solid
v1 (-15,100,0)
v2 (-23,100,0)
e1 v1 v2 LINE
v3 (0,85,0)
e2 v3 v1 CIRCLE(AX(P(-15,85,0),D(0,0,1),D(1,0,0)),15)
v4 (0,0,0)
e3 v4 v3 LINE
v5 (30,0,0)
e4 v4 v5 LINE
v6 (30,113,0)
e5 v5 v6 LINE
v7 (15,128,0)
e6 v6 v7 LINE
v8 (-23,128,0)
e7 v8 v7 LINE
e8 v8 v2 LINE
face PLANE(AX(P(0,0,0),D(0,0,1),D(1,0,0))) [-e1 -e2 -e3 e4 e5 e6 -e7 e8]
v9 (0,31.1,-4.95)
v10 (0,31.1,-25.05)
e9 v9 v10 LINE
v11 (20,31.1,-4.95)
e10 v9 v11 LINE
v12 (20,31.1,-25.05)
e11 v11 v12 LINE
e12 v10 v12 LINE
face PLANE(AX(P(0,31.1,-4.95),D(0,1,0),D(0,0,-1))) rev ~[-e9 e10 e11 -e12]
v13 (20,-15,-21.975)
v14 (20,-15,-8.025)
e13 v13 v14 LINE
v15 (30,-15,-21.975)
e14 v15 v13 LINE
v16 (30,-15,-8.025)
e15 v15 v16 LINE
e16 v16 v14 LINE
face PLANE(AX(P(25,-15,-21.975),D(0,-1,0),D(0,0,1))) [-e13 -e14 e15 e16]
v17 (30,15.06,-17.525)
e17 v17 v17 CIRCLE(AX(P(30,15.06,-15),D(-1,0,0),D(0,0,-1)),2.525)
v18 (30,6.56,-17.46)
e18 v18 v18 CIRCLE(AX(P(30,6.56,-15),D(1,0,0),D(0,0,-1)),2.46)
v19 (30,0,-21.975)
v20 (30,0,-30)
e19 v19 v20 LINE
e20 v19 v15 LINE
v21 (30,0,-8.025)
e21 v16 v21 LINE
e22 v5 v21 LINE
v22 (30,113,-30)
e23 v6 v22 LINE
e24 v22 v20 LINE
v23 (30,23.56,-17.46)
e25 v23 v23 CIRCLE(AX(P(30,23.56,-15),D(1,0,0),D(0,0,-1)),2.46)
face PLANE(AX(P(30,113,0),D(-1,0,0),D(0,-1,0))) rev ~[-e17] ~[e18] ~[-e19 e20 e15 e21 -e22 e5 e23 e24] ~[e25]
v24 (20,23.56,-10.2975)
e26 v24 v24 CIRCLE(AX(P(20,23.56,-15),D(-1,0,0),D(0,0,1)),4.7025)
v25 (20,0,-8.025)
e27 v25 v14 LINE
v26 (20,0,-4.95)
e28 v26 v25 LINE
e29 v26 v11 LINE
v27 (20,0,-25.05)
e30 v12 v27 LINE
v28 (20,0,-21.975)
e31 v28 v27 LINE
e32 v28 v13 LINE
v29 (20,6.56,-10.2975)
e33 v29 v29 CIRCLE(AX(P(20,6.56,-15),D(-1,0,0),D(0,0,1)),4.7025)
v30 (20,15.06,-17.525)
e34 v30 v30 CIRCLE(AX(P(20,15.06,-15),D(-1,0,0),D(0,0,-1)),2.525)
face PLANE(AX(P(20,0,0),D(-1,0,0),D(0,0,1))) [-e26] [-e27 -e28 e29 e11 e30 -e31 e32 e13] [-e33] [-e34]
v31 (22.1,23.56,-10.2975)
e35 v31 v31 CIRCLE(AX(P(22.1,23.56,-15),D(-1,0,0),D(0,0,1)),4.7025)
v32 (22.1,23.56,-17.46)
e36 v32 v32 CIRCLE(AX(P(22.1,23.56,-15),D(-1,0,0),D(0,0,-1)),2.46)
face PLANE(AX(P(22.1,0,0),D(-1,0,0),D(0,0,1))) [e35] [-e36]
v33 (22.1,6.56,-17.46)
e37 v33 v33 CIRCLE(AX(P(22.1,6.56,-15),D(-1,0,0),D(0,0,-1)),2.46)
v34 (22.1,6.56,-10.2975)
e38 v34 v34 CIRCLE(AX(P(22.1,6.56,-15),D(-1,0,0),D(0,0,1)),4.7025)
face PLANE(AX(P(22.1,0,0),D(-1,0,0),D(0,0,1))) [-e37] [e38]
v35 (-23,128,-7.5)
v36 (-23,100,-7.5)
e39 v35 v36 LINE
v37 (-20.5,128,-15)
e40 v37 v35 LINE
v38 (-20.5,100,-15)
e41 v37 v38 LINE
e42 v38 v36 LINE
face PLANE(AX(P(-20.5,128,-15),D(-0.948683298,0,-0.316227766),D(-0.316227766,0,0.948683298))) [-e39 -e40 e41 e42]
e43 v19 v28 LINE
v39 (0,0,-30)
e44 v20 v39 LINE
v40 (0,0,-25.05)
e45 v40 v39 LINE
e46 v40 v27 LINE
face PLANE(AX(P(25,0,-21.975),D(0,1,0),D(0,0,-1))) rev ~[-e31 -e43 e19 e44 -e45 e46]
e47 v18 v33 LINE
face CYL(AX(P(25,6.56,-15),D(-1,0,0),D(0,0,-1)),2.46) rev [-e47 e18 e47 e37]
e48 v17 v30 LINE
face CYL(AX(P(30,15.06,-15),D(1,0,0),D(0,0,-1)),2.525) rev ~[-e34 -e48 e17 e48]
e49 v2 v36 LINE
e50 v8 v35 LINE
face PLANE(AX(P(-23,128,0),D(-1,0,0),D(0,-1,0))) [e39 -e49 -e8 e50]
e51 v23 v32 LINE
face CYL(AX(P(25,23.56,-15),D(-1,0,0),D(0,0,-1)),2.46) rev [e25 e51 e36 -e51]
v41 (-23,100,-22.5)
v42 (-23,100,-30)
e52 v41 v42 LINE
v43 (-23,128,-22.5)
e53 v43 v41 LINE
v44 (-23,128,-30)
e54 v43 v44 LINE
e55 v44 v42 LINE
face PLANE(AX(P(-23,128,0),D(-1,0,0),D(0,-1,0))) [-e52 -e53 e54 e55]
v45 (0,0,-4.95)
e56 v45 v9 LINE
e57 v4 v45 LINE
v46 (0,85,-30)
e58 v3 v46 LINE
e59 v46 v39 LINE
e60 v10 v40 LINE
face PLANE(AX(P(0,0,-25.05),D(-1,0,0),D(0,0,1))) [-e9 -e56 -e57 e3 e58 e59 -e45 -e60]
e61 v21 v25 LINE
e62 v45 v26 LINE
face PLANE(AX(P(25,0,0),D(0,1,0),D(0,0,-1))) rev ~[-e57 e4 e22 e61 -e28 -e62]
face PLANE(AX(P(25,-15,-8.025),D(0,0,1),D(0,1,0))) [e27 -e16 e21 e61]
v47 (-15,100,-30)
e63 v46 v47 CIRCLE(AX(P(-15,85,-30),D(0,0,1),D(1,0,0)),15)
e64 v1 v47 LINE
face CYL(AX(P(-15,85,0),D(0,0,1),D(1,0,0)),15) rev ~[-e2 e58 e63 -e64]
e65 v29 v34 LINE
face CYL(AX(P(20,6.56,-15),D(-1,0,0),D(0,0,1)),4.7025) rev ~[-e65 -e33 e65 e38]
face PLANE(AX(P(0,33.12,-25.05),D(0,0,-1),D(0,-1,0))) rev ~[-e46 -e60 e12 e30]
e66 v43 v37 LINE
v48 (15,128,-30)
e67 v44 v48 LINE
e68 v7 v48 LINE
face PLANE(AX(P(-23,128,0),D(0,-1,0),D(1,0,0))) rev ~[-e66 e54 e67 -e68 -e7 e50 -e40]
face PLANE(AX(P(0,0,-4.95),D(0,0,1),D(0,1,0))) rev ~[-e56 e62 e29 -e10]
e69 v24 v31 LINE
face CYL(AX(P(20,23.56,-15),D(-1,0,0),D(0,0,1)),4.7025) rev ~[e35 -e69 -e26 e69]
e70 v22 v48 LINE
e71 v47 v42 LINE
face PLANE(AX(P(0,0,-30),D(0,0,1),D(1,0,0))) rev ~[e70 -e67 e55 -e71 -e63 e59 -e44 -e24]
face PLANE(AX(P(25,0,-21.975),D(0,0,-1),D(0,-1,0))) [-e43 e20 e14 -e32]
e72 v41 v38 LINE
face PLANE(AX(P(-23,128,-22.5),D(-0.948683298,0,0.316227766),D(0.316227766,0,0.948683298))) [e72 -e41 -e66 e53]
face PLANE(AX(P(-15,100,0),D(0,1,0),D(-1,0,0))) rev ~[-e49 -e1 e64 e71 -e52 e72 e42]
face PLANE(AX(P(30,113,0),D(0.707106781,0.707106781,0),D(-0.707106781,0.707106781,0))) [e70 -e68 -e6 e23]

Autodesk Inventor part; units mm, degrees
ref_plane "YZ Plane" through (0, 0, 0) normal (1, 0, 0) x (0, 1, 0)
ref_plane "XZ Plane" through (0, 0, 0) normal (0, 1, 0) x (-1, 0, 0)
ref_plane "XY Plane" through (0, 0, 0) normal (0, 0, 1) x (1, 0, 0)
sketch "Sketch1" plane through (0, 0, 0) normal (0, 0, 1) x (1, 0, 0)
  line L0 (0, 0) -> (25, 0)
  line L1 (25, 0) -> (25, 40)
  line L2 (25, 40) -> (0, 40)
  line L3 (0, 40) -> (0, 0)
  dimension "d1" = 25
  dimension "d2" = 40
  dimension "d3" = 25
extrude "Extrusion1" add sketch "Sketch1" against normal blind 30
sketch "Sketch2" plane through (25, 0, 0) normal (1, 0, 0) x (0, 0, -1)
  line L0 (0, 0) -> (30, 0) projected
  circle A0 centre (15, 6.56) radius 2.46
extrude "Extrusion2" cut sketch "Sketch2" against normal blind 30
sketch "Sketch3" plane through (0, 0, 0) normal (-1, 0, 0) x (0, 0, 1)
  line L0 (0, 0) -> (-30, 0) projected
  line L1 (-25.05, 0) -> (-4.95, 0)
  line L2 (-4.95, 0) -> (-4.95, 33.12)
  line L3 (-4.95, 33.12) -> (-25.05, 33.12)
  line L4 (-25.05, 33.12) -> (-25.05, 0)
  dimension "d11" = 20.1
extrude "Extrusion3" cut sketch "Sketch3" against normal blind 20
sketch "Sketch4" plane through (0, 0, 0) normal (0, -1, 0) x (1, 0, 0)
  line L0 (20, -4.95) -> (20, -25.05) projected
  line L1 (20, -15) -> (25, -15)
  line L2 (25, 0) -> (25, -30) projected
  line L3 (20, -8.025) -> (25, -8.025)
  line L4 (25, -8.025) -> (25, -21.975)
  line L5 (25, -21.975) -> (20, -21.975)
  line L6 (20, -21.975) -> (20, -8.025)
  line L7 (20, -8.025) -> (25, -21.975) construction
  line L8 (25, -8.025) -> (20, -21.975) construction
  line L9 (25, -12.54) -> (25, -17.46) projected
  point P0 (0, 0)
  point P1 (22.5, -15)
  dimension "d14" = 13.95
extrude "Extrusion4" add sketch "Sketch4" along normal blind 15
sketch "Sketch5" plane through (20, 0, 0) normal (-1, 0, 0) x (0, 0, 1)
  circle A0 centre (-15, 6.56) radius 2.46 projected
  circle A1 centre (-15, 6.56) radius 4.7025
  circle A2 centre (-15, 6.56) radius 2.46 projected
  circle A3 centre (-15, 6.56) radius 2.46
  point P0 (0, 0)
  dimension "d17" = 9.405
extrude "Extrusion5" cut sketch "Sketch5" against normal blind 2.1
sketch "Sketch6" plane through (25, 0, 0) normal (1, 0, 0) x (0, 0, -1)
  circle A0 centre (15, 6.56) radius 4.7025 projected
  line L0 (15, 6.56) -> (15, 23.56)
  circle A1 centre (15, 23.56) radius 2.46
  point P0 (0, 0)
  dimension "d20" = 17
  dimension "d21" = 4.92
extrude "Extrusion6" cut sketch "Sketch6" against normal blind 10 contours A1
sketch "Sketch7" plane through (20, 0, 0) normal (-1, 0, 0) x (0, 0, 1)
  circle A0 centre (-15, 23.56) radius 2.46 projected
  circle A1 centre (-15, 23.56) radius 4.7025
  point P0 (0, 0)
  dimension "d24" = 9.405
extrude "Extrusion7" cut sketch "Sketch7" against normal blind 2.1
sketch "Sketch9" plane through (25, 0, 0) normal (1, 0, 0) x (0, 0, -1)
  circle A0 centre (15, 6.56) radius 2.46 projected
  circle A1 centre (15, 6.56) radius 2.46
  circle A2 centre (15, 23.56) radius 2.46 projected
  circle A3 centre (15, 23.56) radius 2.46
  line L0 (30, 40) -> (30, 0) projected
  line L1 (30, 0) -> (30, 40)
  line L2 (30, 40) -> (0, 40)
  line L3 (0, 40) -> (0, 0)
  line L4 (0, 0) -> (8.025, 0) projected
  line L5 (21.975, 0) -> (21.975, -15)
  line L6 (21.975, -15) -> (8.025, -15)
  line L7 (8.025, -15) -> (8.025, 0)
  line L8 (0, 0) -> (8.025, 0)
  line L9 (21.975, 0) -> (30, 0)
extrude "Extrusion8" add sketch "Sketch9" along normal blind 5
sketch "Sketch10" plane through (0, 40, 0) normal (0, 1, 0) x (1, 0, 0)
  line L0 (0, 30) -> (30, 30) projected
  line L1 (30, 0) -> (0, 0) projected
  line L2 (0, 30) -> (30, 30)
  line L3 (30, 30) -> (30, 0)
  line L4 (30, 0) -> (0, 0)
  line L5 (0, 0) -> (0, 30)
extrude "Extrusion9" add sketch "Sketch10" along normal blind 30
sketch "Sketch12" plane through (30, 0, 0) normal (1, 0, 0) x (0, 0, -1)
  circle A0 centre (15, 6.56) radius 2.46 projected
  line L0 (15, 6.56) -> (15, 15.06)
  circle A1 centre (15, 15.06) radius 2.525
  point P0 (0, 0)
  dimension "d31" = 8.5
  dimension "d33" = 5.05
extrude "Extrusion10" cut sketch "Sketch12" against normal blind 30 contours A1
sketch "Sketch14" plane through (0, 0, 0) normal (0, 0, 1) x (1, 0, 0)
  line L0 (30, 70) -> (0, 70) projected
  line L1 (0, 70) -> (0, 85)
  line L2 (-15, 100) -> (-23, 100)
  line L3 (30, 0) -> (30, 70) projected
  line L4 (30, 113) -> (30, 70)
  arc A0 (0, 85) -> (-15, 100) centre (-15, 85) ccw
  line L5 (30, 105) -> (30, 100)
  line L6 (-23, 128) -> (15, 128)
  line L7 (30, 113) -> (15, 128)
  line L8 (-23, 128) -> (-23, 100)
  point P0 (0, 0)
  point P1 (0, 100)
  dimension "d47" = 30
  dimension "d54" = 15
  dimension "d69" = 28
extrude "Extrusion12" add sketch "Sketch14" against normal blind 30
sketch "Sketch15" plane through (0, 0, -25.05) normal (-1, 0, 0) x (0, 0, 1)
  line L0 (0, 33.12) -> (20.1, 33.12) projected
  line L1 (20.1, 33.12) -> (20.1, 0) projected
  line L2 (0, 33.12) -> (20.1, 33.12)
  line L3 (20.1, 33.12) -> (20.1, 31.1)
  line L4 (20.1, 31.1) -> (0, 31.1)
  line L5 (0, 31.1) -> (0, 33.12)
  point P0 (25.05, 0)
  dimension "d57" = 2.02
extrude "Extrusion13" add sketch "Sketch15" against normal blind 20
sketch "Sketch20" plane through (-23, 128, 0) normal (0, 1, 0) x (1, 0, 0)
  line L0 (0, 0) -> (0, 30) projected
  line L1 (0, 15) -> (0, 9)
  line L2 (0, 21) -> (0, 15)
  line L3 (0, 7.5) -> (0, 22.5)
  line L4 (0, 22.5) -> (2.5, 15)
  line L5 (2.5, 15) -> (0, 7.5)
  point P0 (23, 0)
  dimension "d74" = 6
extrude "Extrusion14" cut sketch "Sketch20" against normal through all
properties part number "24mm_x_30mm"
